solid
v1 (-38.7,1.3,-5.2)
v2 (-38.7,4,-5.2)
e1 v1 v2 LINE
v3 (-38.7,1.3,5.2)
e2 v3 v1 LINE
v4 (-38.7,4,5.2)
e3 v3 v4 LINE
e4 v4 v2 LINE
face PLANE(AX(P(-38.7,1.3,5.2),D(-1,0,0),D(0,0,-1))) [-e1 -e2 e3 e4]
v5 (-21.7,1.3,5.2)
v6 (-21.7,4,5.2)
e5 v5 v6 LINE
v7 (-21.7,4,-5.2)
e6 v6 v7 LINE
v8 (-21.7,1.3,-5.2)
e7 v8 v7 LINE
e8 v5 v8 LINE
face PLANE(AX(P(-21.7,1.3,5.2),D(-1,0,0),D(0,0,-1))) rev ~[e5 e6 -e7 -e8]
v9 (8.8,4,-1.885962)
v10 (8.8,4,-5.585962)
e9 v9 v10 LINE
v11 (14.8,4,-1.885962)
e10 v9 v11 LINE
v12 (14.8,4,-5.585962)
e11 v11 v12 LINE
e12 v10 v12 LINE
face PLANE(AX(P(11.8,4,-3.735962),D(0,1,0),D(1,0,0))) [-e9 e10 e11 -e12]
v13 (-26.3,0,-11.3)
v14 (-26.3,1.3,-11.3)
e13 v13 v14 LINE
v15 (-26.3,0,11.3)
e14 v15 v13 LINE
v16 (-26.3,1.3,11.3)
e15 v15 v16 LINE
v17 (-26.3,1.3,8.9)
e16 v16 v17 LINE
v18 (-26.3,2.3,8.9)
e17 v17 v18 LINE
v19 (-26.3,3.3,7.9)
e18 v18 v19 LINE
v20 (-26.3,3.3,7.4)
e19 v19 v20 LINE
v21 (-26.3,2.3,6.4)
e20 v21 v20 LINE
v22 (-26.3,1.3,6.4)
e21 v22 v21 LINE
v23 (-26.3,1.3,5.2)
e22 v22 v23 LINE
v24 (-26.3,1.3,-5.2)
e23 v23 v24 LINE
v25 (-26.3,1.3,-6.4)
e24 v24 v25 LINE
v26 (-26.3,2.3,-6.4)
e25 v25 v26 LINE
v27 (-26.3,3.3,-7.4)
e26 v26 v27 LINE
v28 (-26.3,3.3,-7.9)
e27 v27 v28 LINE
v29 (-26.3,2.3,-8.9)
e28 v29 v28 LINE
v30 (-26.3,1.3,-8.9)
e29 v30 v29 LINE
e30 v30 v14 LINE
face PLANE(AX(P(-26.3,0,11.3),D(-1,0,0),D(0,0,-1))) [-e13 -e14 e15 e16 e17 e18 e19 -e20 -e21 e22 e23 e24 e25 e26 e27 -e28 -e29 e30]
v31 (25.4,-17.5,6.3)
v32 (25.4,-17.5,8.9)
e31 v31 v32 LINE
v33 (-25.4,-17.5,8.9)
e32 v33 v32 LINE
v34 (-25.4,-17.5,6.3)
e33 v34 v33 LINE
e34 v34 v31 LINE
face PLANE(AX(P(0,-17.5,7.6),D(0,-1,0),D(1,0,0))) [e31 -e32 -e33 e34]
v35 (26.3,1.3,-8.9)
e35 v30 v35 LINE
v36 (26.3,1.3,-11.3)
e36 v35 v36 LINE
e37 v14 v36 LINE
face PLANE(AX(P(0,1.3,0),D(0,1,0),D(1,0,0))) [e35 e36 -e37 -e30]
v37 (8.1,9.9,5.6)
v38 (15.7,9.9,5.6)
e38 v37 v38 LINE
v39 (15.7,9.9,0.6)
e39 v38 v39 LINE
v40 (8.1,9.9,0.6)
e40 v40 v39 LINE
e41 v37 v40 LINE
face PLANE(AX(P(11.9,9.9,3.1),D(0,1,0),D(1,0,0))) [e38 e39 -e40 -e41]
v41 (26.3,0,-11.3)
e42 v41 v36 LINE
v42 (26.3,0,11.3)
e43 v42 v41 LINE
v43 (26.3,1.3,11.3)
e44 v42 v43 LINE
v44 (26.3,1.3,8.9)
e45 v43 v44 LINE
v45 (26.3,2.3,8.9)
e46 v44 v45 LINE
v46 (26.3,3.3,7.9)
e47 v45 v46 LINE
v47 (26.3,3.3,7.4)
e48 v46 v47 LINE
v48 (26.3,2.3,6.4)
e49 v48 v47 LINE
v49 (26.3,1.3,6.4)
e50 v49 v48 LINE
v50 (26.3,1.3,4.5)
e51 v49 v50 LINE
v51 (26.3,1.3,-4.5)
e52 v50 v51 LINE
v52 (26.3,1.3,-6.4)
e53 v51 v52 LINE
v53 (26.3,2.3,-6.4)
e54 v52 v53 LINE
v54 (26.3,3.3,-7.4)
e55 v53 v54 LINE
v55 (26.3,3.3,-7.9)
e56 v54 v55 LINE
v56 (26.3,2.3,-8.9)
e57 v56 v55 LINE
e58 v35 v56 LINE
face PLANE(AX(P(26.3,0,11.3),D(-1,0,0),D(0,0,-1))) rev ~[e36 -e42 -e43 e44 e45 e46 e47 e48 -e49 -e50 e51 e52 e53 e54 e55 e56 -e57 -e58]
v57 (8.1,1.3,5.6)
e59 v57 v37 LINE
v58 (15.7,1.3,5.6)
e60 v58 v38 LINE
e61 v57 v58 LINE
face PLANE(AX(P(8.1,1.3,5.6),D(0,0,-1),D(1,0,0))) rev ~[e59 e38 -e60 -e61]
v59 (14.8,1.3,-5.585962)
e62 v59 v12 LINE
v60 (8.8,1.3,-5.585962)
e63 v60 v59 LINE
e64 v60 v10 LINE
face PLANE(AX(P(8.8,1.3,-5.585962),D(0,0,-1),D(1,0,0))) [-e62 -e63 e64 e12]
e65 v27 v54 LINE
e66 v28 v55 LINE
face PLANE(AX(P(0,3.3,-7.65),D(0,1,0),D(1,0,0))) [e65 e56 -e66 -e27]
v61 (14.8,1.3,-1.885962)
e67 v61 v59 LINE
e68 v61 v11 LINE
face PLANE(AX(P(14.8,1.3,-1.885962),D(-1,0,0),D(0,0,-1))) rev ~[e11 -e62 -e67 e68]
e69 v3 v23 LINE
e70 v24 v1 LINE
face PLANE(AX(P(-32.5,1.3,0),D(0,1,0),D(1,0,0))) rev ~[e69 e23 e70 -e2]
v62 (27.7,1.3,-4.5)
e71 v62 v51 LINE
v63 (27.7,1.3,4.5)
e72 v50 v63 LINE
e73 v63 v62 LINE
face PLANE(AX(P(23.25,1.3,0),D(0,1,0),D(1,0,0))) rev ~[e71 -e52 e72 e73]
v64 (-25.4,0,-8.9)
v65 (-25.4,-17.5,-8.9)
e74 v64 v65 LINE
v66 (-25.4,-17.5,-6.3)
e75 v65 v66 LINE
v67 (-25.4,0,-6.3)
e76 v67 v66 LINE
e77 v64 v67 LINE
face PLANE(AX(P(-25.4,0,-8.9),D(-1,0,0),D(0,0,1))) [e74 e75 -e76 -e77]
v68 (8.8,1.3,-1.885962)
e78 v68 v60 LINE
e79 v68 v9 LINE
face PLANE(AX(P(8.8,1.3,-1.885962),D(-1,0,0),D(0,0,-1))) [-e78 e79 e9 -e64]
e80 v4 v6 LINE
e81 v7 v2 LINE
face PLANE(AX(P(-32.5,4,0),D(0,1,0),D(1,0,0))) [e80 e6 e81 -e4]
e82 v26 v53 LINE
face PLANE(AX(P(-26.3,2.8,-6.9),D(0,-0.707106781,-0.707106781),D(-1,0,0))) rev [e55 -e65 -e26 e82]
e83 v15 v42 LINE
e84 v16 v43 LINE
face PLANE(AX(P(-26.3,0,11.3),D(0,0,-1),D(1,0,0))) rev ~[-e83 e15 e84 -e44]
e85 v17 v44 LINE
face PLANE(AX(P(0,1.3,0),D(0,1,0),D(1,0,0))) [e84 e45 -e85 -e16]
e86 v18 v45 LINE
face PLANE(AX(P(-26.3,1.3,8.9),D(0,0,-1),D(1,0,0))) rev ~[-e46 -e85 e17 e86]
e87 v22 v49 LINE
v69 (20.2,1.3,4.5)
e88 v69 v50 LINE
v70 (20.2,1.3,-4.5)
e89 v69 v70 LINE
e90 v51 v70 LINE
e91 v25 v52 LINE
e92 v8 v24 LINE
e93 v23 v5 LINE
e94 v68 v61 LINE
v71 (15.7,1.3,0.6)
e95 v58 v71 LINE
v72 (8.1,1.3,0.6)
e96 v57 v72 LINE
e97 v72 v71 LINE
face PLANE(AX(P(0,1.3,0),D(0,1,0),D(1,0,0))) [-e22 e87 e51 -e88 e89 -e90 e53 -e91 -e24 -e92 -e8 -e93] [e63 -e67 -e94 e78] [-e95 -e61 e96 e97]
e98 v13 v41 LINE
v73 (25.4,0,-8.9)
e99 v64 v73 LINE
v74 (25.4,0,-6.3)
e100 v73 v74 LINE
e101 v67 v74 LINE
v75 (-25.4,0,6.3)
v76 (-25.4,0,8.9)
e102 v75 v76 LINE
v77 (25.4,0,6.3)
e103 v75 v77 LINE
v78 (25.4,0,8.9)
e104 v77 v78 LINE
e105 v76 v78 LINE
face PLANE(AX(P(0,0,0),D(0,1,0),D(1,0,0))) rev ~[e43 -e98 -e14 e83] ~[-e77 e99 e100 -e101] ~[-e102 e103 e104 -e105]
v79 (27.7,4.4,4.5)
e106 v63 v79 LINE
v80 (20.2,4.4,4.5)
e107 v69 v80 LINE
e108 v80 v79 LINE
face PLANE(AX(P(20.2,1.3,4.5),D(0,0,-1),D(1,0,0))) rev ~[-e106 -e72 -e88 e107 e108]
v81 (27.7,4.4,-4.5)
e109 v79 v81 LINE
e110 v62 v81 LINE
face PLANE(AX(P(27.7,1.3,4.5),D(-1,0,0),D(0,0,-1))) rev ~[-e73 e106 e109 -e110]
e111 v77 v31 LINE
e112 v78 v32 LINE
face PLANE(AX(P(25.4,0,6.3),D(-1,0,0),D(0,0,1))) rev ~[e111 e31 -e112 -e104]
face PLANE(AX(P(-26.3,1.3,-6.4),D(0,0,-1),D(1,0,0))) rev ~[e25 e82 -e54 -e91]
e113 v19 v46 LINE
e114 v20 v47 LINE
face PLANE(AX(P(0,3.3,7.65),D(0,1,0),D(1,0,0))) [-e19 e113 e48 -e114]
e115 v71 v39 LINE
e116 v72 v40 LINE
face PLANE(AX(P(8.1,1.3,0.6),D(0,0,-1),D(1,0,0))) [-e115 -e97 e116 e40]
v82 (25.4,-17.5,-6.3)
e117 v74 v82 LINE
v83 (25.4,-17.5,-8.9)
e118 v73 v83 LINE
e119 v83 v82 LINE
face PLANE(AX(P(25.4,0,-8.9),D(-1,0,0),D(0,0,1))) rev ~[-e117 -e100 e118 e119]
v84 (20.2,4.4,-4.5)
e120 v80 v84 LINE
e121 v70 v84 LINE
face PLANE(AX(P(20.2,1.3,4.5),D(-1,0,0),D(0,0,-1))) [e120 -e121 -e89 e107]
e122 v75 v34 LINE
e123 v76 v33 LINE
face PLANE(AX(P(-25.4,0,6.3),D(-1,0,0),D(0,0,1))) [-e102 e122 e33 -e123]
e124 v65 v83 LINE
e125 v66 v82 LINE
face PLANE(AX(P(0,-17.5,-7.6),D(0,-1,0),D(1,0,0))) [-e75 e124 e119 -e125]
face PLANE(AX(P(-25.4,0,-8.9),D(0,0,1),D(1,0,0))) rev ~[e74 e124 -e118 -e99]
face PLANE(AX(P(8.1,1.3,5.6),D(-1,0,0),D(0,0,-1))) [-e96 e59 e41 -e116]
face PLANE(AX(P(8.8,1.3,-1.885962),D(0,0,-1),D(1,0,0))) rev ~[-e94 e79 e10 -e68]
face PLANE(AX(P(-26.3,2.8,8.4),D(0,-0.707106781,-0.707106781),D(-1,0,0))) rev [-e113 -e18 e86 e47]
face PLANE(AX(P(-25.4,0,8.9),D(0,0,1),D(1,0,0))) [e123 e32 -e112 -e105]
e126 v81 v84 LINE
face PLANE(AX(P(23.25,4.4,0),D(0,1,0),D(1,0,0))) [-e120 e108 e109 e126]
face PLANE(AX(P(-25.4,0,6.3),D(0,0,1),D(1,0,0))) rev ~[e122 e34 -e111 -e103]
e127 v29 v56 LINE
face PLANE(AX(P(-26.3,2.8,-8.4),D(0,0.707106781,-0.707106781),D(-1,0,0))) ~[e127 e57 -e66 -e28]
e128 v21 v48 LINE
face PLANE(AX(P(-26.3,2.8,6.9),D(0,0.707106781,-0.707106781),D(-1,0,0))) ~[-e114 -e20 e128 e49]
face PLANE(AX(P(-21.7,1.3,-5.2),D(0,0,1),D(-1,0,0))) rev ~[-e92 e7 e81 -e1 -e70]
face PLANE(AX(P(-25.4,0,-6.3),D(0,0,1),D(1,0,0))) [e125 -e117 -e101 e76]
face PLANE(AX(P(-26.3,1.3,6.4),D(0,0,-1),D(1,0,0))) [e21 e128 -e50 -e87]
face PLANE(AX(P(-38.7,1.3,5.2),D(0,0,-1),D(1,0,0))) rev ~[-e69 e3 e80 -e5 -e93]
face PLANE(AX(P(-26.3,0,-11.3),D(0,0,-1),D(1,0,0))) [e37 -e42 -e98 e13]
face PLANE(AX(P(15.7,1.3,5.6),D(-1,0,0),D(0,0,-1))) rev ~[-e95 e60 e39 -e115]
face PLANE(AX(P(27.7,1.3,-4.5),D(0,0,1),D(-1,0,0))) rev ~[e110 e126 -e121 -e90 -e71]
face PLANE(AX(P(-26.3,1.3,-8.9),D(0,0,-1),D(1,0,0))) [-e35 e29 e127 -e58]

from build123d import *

# Parameters (mm, degrees)
SKETCH_2_W      = 52.6
SKETCH_2_H      = 22.6
EXTRUDE_1_DEPTH = 1.3
SKETCH_3_W      = 52.6
SKETCH_3_H      = 2.5
EXTRUDE_2_DEPTH = 2
CHAMFER_1_SIZE  = 1
SKETCH_4_W      = 6.1
SKETCH_4_H      = 9
SKETCH_4_W_2    = 1.4
EXTRUDE_3_DEPTH = 3.1
SKETCH_5_W      = 12.4
SKETCH_5_H      = 10.4
SKETCH_5_W_2    = 4.6
EXTRUDE_4_DEPTH = 2.7
SKETCH_6_W      = 7.6
SKETCH_6_H      = 5
EXTRUDE_5_DEPTH = 8.6
SKETCH_7_W      = 6
SKETCH_7_H      = 3.7
EXTRUDE_6_DEPTH = 2.7
SKETCH_8_W      = 50.8
SKETCH_8_H      = 2.6
EXTRUDE_8_DEPTH = 17.5


with BuildPart() as part:
    # 草图2 → 凸台-拉伸1 (new body)
    with BuildSketch(Plane(origin=(0, 0, 0), x_dir=(1, 0, 0), z_dir=(0, 1, 0))):
        Rectangle(SKETCH_2_W, SKETCH_2_H)
    extrude(amount=EXTRUDE_1_DEPTH)

    # 草图3 → 凸台-拉伸2 (add)
    with BuildSketch(Plane(origin=(0, 1.3, 0), x_dir=(1, 0, 0), z_dir=(0, 1, 0))):
        with Locations((0, 7.65)):
            Rectangle(SKETCH_3_W, SKETCH_3_H)
        with Locations((0, -7.65)):
            Rectangle(SKETCH_3_W, SKETCH_3_H)
    extrude(amount=EXTRUDE_2_DEPTH)

    # 倒角1
    chamfer_1_edges = [part.edges().sort_by_distance(p)[0] for p in [
        (0, 3.3, -8.9),
        (0, 3.3, -6.4),
        (0, 3.3, 6.4),
        (0, 3.3, 8.9),
    ]]
    chamfer(chamfer_1_edges, length=CHAMFER_1_SIZE)

    # 草图4 → 凸台-拉伸3 (add)
    with BuildSketch(Plane(origin=(0, 1.3, 0), x_dir=(1, 0, 0), z_dir=(0, 1, 0))):
        with Locations((23.25, 0)):
            Rectangle(SKETCH_4_W, SKETCH_4_H)
        with Locations((27, 0)):
            Rectangle(SKETCH_4_W_2, SKETCH_4_H)
    extrude(amount=EXTRUDE_3_DEPTH)

    # 草图5 → 凸台-拉伸4 (add)
    with BuildSketch(Plane(origin=(0, 1.3, 0), x_dir=(1, 0, 0), z_dir=(0, 1, 0))):
        with Locations((-32.5, 0)):
            Rectangle(SKETCH_5_W, SKETCH_5_H)
        with Locations((-24, 0)):
            Rectangle(SKETCH_5_W_2, SKETCH_5_H)
    extrude(amount=EXTRUDE_4_DEPTH)

    # 草图6 → 凸台-拉伸5 (add)
    with BuildSketch(Plane(origin=(0, 1.3, 0), x_dir=(1, 0, 0), z_dir=(0, 1, 0))):
        with Locations((11.9, -3.1)):
            Rectangle(SKETCH_6_W, SKETCH_6_H)
    extrude(amount=EXTRUDE_5_DEPTH)

    # 草图7 → 凸台-拉伸6 (add)
    with BuildSketch(Plane(origin=(0, 1.3, 0), x_dir=(1, 0, 0), z_dir=(0, 1, 0))):
        with Locations((11.8, 3.735961984)):
            Rectangle(SKETCH_7_W, SKETCH_7_H)
    extrude(amount=EXTRUDE_6_DEPTH)

    # 草图8 → 凸台-拉伸8 (add)
    with BuildSketch(Plane.XZ):
        with Locations((0, -7.6)):
            Rectangle(SKETCH_8_W, SKETCH_8_H)
        with Locations((0, 7.6)):
            Rectangle(SKETCH_8_W, SKETCH_8_H)
    extrude(amount=EXTRUDE_8_DEPTH)


solid = part.part
